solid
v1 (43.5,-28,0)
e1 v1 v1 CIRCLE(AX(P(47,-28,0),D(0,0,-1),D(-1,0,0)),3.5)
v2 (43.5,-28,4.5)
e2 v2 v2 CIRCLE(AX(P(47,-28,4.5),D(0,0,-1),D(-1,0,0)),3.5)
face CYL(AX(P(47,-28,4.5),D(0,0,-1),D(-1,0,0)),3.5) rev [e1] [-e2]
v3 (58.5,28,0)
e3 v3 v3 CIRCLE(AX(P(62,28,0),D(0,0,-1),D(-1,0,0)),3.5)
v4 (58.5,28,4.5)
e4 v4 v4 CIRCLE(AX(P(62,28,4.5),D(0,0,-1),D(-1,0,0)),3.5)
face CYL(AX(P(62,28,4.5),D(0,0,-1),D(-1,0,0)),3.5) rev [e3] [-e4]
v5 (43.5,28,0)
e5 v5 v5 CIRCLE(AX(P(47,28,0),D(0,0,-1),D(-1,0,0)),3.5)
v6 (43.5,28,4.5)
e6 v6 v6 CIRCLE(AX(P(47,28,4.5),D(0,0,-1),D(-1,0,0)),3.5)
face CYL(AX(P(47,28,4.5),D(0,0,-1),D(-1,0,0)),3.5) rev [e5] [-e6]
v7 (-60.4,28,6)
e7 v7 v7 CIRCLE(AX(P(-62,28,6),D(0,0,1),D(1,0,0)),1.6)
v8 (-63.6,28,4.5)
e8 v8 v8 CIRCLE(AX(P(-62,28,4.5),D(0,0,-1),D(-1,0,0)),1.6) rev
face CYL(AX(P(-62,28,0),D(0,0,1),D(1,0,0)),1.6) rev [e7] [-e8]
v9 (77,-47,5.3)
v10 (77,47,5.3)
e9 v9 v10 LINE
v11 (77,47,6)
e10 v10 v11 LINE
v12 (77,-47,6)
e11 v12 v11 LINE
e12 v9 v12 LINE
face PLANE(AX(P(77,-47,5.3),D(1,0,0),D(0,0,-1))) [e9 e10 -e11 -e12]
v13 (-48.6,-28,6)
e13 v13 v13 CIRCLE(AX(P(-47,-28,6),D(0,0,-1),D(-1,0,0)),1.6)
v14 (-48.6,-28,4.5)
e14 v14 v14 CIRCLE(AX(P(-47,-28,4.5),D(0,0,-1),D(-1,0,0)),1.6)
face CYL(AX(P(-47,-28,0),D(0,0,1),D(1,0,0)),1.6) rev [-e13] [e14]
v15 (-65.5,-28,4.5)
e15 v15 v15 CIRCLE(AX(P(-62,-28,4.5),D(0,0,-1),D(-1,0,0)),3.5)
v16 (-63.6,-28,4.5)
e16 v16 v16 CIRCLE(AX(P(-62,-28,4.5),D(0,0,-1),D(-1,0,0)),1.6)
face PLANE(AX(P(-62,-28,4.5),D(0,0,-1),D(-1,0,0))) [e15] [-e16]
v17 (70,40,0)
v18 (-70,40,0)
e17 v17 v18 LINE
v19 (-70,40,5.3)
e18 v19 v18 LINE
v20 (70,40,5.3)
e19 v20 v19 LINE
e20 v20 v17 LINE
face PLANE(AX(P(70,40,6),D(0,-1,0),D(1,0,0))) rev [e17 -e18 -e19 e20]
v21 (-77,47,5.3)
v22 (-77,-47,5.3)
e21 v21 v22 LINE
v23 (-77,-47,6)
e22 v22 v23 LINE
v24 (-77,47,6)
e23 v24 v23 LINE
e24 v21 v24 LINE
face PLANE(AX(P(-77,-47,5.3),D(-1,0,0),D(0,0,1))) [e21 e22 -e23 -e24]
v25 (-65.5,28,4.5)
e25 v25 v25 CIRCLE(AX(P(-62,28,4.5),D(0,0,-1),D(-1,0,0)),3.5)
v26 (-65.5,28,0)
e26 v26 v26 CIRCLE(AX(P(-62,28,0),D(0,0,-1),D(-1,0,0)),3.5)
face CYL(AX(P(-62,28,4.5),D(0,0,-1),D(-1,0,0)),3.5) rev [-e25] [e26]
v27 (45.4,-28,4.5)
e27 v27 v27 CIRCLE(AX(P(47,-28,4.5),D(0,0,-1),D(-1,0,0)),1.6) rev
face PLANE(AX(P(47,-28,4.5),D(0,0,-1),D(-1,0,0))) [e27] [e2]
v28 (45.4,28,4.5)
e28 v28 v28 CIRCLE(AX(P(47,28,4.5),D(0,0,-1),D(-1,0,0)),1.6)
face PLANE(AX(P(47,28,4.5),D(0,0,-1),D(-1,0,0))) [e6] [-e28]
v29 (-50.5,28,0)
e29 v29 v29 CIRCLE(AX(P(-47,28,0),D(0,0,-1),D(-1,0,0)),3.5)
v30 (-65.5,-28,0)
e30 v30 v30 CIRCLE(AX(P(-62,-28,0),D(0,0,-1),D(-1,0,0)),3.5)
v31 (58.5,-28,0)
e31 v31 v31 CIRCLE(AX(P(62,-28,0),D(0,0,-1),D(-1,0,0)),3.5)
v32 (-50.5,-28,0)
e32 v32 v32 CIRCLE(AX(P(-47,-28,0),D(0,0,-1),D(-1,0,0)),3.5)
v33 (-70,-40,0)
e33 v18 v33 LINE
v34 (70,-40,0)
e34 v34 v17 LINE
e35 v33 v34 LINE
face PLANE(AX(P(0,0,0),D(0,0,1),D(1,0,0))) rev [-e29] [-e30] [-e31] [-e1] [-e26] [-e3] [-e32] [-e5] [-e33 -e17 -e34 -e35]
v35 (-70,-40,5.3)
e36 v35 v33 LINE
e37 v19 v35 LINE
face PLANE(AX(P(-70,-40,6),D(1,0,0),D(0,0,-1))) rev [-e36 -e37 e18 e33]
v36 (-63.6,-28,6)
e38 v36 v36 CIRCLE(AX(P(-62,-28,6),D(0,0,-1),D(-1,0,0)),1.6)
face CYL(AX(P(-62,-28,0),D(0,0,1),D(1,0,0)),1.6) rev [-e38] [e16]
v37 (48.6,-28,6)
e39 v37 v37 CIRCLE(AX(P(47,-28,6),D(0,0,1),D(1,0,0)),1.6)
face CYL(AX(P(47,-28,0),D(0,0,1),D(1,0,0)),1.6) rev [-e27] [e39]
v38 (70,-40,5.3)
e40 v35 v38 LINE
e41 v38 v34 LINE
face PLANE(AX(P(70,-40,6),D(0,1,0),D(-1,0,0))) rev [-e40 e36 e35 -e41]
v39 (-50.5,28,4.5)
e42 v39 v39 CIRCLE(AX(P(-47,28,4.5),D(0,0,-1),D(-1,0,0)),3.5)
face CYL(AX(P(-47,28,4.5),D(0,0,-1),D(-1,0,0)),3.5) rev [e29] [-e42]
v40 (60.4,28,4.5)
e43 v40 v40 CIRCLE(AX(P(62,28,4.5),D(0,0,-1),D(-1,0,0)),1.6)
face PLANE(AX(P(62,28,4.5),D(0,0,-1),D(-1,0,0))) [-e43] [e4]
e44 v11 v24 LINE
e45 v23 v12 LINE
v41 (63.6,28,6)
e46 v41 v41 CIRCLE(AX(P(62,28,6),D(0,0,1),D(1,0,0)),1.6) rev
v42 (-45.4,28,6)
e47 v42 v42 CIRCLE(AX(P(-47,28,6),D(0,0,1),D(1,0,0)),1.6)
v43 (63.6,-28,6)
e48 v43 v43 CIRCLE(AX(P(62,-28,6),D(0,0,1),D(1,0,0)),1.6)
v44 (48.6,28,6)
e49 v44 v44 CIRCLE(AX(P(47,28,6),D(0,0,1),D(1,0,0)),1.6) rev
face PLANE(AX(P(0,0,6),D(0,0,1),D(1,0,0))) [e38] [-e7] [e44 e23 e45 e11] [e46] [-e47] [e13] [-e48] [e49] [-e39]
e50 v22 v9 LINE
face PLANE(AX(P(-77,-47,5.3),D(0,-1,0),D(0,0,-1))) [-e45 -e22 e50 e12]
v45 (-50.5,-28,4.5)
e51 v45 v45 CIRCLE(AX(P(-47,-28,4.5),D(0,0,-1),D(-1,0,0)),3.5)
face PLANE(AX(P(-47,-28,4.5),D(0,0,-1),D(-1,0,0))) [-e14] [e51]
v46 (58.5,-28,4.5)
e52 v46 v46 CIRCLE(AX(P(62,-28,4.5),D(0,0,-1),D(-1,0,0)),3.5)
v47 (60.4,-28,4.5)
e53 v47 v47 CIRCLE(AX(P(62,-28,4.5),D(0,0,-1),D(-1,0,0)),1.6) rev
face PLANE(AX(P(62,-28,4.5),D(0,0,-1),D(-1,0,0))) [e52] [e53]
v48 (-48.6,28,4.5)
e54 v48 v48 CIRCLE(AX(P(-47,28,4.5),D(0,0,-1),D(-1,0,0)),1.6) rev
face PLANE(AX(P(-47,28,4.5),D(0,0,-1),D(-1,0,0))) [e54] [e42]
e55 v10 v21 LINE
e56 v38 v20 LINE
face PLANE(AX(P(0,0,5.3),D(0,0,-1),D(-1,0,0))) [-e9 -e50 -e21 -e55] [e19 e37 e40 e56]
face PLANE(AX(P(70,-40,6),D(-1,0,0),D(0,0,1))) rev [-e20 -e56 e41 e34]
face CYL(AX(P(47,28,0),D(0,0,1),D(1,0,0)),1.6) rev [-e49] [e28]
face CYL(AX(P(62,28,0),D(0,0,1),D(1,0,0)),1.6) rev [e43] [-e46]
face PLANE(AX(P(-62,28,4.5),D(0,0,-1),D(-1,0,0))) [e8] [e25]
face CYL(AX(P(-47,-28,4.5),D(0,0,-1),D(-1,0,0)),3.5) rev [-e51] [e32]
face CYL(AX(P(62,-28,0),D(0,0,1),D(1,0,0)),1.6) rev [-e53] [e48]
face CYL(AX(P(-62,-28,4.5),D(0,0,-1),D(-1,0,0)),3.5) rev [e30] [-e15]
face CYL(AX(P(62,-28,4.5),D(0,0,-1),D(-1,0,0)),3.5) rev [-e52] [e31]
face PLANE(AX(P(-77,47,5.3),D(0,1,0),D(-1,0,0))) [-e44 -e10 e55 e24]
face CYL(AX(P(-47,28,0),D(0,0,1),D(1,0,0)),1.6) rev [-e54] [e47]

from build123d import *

# Parameters (mm, degrees)
SKETCH1_W           = 140
SKETCH1_H           = 80
BOSS_EXTRUDE1_DEPTH = 6
SKETCH2_R           = 1.6
CUT_EXTRUDE1_DEPTH  = 81.845531726
SKETCH3_R           = 3.5
CUT_EXTRUDE2_DEPTH  = 4.5
SKETCH4_W           = 154
SKETCH4_H           = 94
SKETCH4_W_2         = 140
SKETCH4_H_2         = 80
BOSS_EXTRUDE2_DEPTH = 0.7


with BuildPart() as part:
    # Sketch1 → Boss-Extrude1 (new body)
    with BuildSketch(Plane.XY):
        Rectangle(SKETCH1_W, SKETCH1_H)
    extrude(amount=BOSS_EXTRUDE1_DEPTH)

    # Sketch2 → Cut-Extrude1 (cut, through all)
    with BuildSketch(Plane.XY.offset(6)):
        with Locations((-62, 28)):
            Circle(SKETCH2_R)
        with Locations((-47, 28)):
            Circle(SKETCH2_R)
        with Locations((47, 28)):
            Circle(SKETCH2_R)
        with Locations((62, 28)):
            Circle(SKETCH2_R)
        with Locations((47, -28)):
            Circle(SKETCH2_R)
        with Locations((62, -28)):
            Circle(SKETCH2_R)
        with Locations(Location((-62, -28, 0), (0, 0, 180))):
            Circle(SKETCH2_R)
        with Locations(Location((-47, -28, 0), (0, 0, 180))):
            Circle(SKETCH2_R)
    extrude(amount=-CUT_EXTRUDE1_DEPTH, mode=Mode.SUBTRACT)

    # Sketch3 → Cut-Extrude2 (cut)
    with BuildSketch(Plane(origin=(0, 0, 0), x_dir=(-1, 0, 0), z_dir=(0, 0, -1))):
        with Locations((62, 28)):
            Circle(SKETCH3_R)
        with Locations((47, 28)):
            Circle(SKETCH3_R)
        with Locations((-47, 28)):
            Circle(SKETCH3_R)
        with Locations((-62, 28)):
            Circle(SKETCH3_R)
        with Locations((-47, -28)):
            Circle(SKETCH3_R)
        with Locations((-62, -28)):
            Circle(SKETCH3_R)
        with Locations((62, -28)):
            Circle(SKETCH3_R)
        with Locations((47, -28)):
            Circle(SKETCH3_R)
    extrude(amount=-CUT_EXTRUDE2_DEPTH, mode=Mode.SUBTRACT)

    # Sketch4 → Boss-Extrude2 (add)
    with BuildSketch(Plane.XY.offset(6)):
        Rectangle(SKETCH4_W, SKETCH4_H)
        Rectangle(SKETCH4_W_2, SKETCH4_H_2, mode=Mode.SUBTRACT)
    extrude(amount=-BOSS_EXTRUDE2_DEPTH)


solid = part.part
